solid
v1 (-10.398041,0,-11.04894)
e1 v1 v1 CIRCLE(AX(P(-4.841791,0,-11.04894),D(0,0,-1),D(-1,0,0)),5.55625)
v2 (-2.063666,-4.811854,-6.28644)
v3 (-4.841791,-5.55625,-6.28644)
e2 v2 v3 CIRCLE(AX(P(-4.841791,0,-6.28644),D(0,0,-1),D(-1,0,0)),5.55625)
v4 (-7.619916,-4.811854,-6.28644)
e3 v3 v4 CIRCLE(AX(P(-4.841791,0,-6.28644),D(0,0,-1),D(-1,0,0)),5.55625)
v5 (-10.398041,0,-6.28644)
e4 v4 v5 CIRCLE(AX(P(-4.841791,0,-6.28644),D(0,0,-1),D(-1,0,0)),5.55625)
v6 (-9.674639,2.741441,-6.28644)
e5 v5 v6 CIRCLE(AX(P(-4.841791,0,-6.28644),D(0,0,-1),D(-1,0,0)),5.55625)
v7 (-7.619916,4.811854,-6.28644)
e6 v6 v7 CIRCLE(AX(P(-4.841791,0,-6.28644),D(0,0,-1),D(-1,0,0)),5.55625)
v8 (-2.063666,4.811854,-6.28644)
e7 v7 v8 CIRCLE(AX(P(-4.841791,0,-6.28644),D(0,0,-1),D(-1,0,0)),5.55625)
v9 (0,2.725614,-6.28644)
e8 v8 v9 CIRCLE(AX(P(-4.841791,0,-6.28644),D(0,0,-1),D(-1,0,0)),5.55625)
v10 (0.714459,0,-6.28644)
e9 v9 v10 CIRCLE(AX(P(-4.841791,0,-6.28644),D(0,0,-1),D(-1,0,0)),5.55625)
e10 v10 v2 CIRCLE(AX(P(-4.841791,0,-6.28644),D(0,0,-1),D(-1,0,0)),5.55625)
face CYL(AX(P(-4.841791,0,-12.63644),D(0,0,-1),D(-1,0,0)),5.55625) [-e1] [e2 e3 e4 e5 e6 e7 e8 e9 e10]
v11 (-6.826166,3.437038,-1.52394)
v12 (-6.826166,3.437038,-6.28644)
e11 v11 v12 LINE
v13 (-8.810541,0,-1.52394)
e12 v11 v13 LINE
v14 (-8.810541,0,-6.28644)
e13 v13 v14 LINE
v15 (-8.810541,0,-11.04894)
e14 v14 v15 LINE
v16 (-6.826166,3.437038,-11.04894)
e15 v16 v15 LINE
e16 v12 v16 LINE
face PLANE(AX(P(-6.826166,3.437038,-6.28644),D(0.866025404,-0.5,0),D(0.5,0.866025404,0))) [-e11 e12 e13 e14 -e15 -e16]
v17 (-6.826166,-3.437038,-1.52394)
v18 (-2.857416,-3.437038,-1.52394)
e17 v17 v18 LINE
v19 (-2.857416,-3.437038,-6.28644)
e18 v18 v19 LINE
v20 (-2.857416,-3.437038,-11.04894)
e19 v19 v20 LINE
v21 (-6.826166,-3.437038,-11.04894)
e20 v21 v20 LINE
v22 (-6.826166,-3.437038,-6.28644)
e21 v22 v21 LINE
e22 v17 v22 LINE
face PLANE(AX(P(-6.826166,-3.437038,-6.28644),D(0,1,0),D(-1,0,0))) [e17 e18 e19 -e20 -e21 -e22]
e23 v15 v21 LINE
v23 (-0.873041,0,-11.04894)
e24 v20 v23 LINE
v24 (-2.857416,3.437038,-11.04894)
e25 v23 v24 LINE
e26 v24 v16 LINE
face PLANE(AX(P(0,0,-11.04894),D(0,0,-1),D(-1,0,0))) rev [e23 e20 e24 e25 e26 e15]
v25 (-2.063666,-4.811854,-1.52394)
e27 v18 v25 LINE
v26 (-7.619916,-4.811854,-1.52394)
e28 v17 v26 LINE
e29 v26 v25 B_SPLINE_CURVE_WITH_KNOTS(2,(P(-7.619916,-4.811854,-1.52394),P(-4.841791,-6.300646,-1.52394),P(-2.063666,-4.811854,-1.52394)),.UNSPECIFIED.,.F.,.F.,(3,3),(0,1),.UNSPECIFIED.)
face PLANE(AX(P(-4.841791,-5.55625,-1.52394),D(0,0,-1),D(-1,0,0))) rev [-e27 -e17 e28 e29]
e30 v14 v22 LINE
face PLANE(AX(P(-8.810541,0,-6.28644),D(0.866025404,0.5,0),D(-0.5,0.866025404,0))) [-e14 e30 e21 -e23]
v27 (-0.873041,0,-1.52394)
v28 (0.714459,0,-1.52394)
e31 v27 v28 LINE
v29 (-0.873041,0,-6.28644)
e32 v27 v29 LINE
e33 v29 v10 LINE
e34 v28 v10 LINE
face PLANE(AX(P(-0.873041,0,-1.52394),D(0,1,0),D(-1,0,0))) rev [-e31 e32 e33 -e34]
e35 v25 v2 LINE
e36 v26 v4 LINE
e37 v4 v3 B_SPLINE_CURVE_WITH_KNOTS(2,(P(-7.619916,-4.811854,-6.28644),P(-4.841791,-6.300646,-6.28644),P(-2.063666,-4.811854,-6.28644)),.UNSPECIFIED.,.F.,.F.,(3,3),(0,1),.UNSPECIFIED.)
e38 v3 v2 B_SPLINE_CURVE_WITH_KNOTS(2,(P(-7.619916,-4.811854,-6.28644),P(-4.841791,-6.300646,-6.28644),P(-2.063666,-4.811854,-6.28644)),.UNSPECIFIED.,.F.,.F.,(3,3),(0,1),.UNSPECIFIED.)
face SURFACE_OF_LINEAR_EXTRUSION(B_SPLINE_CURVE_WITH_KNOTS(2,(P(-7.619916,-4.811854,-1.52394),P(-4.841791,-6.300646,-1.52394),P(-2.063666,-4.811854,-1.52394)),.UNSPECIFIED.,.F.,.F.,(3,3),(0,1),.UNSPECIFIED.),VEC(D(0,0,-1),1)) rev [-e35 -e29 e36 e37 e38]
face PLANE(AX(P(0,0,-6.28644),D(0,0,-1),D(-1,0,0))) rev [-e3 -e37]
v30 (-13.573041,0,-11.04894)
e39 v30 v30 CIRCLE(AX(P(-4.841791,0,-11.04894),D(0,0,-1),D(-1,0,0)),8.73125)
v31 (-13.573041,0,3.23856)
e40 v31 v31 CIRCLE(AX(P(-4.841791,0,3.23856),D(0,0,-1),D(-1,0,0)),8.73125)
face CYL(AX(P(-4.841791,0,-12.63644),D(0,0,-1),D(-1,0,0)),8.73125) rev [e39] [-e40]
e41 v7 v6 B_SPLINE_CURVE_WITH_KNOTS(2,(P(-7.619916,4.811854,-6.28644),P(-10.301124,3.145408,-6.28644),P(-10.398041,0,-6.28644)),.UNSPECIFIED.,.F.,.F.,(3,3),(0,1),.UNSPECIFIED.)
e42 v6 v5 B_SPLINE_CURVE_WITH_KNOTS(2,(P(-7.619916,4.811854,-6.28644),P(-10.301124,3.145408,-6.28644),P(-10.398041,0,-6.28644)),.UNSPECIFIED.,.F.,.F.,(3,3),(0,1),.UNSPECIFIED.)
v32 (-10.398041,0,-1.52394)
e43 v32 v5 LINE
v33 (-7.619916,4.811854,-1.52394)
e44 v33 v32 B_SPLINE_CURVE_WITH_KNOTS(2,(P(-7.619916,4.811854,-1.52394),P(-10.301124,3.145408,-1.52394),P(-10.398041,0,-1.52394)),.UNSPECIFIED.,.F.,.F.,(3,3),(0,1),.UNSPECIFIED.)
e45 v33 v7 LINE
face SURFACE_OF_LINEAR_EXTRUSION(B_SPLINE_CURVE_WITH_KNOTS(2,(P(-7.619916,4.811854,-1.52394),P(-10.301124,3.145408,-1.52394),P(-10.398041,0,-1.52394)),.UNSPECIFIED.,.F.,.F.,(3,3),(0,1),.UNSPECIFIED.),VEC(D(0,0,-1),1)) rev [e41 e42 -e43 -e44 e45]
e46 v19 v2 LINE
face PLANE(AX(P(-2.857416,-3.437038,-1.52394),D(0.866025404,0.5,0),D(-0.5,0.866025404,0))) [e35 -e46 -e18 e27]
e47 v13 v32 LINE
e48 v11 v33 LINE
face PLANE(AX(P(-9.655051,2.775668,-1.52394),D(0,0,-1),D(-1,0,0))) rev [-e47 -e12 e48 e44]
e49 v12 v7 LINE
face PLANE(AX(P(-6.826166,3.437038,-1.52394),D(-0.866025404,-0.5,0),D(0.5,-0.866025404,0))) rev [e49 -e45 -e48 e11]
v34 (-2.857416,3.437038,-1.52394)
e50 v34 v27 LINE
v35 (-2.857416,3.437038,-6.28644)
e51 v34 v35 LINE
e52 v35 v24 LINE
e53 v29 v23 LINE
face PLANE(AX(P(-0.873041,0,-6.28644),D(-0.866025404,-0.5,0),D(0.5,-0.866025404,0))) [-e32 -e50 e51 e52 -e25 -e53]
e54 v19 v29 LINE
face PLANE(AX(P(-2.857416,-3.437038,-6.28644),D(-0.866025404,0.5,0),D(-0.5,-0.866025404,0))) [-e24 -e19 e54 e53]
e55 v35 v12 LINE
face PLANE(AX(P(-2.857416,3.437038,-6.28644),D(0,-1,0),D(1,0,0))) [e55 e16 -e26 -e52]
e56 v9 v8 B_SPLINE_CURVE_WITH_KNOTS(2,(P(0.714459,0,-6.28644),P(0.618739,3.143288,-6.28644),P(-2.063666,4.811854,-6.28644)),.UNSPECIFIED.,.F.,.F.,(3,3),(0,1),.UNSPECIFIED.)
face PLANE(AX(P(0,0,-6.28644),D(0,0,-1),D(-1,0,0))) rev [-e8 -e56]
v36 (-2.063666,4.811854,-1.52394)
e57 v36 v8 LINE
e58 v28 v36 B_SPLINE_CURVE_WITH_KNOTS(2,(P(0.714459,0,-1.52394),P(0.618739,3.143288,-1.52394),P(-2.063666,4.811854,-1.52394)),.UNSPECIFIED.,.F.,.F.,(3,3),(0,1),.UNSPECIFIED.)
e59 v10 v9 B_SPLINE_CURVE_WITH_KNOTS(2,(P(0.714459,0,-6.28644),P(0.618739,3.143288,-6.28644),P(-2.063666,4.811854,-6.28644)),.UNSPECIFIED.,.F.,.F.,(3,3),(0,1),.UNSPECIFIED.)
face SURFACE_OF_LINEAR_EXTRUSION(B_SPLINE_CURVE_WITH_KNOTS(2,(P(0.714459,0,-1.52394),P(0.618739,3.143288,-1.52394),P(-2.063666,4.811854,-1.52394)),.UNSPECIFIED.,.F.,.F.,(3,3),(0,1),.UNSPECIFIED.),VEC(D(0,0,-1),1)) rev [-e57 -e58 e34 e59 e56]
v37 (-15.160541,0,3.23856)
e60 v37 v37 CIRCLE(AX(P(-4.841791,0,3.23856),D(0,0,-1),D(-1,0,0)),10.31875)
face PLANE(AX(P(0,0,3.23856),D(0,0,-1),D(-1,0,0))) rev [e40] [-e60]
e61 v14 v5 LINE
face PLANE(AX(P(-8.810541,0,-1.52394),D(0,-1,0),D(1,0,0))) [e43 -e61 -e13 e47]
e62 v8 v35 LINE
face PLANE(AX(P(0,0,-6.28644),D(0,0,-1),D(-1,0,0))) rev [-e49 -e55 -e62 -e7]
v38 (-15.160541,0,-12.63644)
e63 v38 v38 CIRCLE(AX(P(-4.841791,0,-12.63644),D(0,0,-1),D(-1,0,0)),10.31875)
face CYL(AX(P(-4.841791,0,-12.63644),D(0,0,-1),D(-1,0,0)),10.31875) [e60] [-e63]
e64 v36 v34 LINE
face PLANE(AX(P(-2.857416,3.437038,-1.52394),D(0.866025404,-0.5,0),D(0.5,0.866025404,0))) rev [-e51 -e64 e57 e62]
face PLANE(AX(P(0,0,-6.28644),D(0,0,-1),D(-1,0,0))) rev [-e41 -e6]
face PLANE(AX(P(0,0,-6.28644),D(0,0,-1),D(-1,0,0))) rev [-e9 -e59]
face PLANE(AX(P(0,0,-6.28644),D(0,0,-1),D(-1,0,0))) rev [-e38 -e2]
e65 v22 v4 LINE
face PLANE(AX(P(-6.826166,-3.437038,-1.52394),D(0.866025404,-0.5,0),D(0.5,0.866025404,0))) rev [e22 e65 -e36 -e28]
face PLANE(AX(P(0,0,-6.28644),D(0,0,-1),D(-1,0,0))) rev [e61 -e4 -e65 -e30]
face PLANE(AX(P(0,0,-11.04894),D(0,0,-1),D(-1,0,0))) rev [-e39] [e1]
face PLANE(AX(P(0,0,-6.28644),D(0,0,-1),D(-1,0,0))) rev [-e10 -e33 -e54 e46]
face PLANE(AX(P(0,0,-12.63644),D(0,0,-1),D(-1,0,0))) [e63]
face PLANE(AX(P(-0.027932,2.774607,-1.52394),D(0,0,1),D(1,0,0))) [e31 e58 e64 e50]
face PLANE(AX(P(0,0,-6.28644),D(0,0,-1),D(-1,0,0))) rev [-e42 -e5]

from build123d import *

# Parameters (mm, degrees)
EXTRUDE_THIN1_DEPTH = 4.7625
BOSS_EXTRUDE3_DEPTH = 4.7625
BOSS_EXTRUDE4_DEPTH = 4.7625
BOSS_EXTRUDE5_DEPTH = 4.7625


with BuildPart() as part:
    # Sketch1 → Revolve1 (revolve)
    with BuildSketch(Plane(origin=(0, 0, 0), x_dir=(1, 0, 0), z_dir=(0, 1, 0)), mode=Mode.PRIVATE) as revolve1_sk:
        Polygon((3.889458747, 12.636440067), (-4.841791253, 12.636440067), (-4.841791253, 11.048940067), (-0.873041253, 11.048940067), (-0.873041253, 6.286440067), (0.714458747, 6.286440067), (0.714458747, 11.048940067), (3.889458747, 11.048940067), (3.889458747, -3.238559933), (5.476958747, -3.238559933), (5.476958747, 12.636440067), align=None)
    revolve(revolve1_sk.sketch.rotate(Axis((-4.841791253, 0, -12.636440067), (0, 0, 1)), 180), axis=Axis((-4.841791253, 0, -12.636440067), (0, 0, 1)))

    # Sketch3 → Extrude-Thin1 (add)
    with BuildSketch(Plane.XY.offset(-11.048940067)):
        Polygon((0.593428431, 0), (-2.124181411, 4.707038321), (-7.559401095, 4.707038321), (-10.277010937, 0), (-7.559401095, -4.707038321), (-2.124181411, -4.707038321), align=None)
        Polygon((-0.873041253, 0), (-2.857416253, 3.437038321), (-6.826166253, 3.437038321), (-8.810541253, 0), (-6.826166253, -3.437038321), (-2.857416253, -3.437038321), align=None, mode=Mode.SUBTRACT)
    extrude(amount=EXTRUDE_THIN1_DEPTH)

    # Sketch4 → Boss-Extrude3 (add)
    with BuildSketch(Plane.XY.offset(-6.286440067)):
        with BuildLine():
            Line((-8.810541253, 0), (-10.398041253, 0))
            add(Edge.make_bspline(
                [(-7.619916253, 4.81185365), (-10.301123719, 3.145408418), (-10.398041253, 0)],
                knots=[0, 0, 0, 1, 1, 1], degree=2))
            Line((-7.619916253, 4.81185365), (-6.826166253, 3.437038321))
            Line((-6.826166253, 3.437038321), (-8.810541253, 0))
        make_face()
    extrude(amount=BOSS_EXTRUDE3_DEPTH)

    # Sketch6 → Boss-Extrude4 (add)
    with BuildSketch(Plane.XY.offset(-6.286440067)):
        with BuildLine():
            Line((-2.857416253, 3.437038321), (-2.063666253, 4.81185365))
            add(Edge.make_bspline(
                [(-2.063666253, 4.81185365), (0.618739425, 3.143288031), (0.714458747, 0)],
                knots=[0, 0, 0, 1, 1, 1], degree=2))
            Line((0.714458747, 0), (-0.873041253, 0))
            Line((-0.873041253, 0), (-2.857416253, 3.437038321))
        make_face()
    extrude(amount=BOSS_EXTRUDE4_DEPTH)

    # Sketch7 → Boss-Extrude5 (add)
    with BuildSketch(Plane.XY.offset(-6.286440067)):
        with BuildLine():
            Line((-6.826166253, -3.437038321), (-7.619916253, -4.81185365))
            add(Edge.make_bspline(
                [(-7.619916253, -4.81185365), (-4.841791253, -6.30064635), (-2.063666253, -4.81185365)],
                knots=[0, 0, 0, 1, 1, 1], degree=2))
            Line((-2.063666253, -4.81185365), (-2.857416253, -3.437038321))
            Line((-2.857416253, -3.437038321), (-6.826166253, -3.437038321))
        make_face()
    extrude(amount=BOSS_EXTRUDE5_DEPTH)


solid = part.part
